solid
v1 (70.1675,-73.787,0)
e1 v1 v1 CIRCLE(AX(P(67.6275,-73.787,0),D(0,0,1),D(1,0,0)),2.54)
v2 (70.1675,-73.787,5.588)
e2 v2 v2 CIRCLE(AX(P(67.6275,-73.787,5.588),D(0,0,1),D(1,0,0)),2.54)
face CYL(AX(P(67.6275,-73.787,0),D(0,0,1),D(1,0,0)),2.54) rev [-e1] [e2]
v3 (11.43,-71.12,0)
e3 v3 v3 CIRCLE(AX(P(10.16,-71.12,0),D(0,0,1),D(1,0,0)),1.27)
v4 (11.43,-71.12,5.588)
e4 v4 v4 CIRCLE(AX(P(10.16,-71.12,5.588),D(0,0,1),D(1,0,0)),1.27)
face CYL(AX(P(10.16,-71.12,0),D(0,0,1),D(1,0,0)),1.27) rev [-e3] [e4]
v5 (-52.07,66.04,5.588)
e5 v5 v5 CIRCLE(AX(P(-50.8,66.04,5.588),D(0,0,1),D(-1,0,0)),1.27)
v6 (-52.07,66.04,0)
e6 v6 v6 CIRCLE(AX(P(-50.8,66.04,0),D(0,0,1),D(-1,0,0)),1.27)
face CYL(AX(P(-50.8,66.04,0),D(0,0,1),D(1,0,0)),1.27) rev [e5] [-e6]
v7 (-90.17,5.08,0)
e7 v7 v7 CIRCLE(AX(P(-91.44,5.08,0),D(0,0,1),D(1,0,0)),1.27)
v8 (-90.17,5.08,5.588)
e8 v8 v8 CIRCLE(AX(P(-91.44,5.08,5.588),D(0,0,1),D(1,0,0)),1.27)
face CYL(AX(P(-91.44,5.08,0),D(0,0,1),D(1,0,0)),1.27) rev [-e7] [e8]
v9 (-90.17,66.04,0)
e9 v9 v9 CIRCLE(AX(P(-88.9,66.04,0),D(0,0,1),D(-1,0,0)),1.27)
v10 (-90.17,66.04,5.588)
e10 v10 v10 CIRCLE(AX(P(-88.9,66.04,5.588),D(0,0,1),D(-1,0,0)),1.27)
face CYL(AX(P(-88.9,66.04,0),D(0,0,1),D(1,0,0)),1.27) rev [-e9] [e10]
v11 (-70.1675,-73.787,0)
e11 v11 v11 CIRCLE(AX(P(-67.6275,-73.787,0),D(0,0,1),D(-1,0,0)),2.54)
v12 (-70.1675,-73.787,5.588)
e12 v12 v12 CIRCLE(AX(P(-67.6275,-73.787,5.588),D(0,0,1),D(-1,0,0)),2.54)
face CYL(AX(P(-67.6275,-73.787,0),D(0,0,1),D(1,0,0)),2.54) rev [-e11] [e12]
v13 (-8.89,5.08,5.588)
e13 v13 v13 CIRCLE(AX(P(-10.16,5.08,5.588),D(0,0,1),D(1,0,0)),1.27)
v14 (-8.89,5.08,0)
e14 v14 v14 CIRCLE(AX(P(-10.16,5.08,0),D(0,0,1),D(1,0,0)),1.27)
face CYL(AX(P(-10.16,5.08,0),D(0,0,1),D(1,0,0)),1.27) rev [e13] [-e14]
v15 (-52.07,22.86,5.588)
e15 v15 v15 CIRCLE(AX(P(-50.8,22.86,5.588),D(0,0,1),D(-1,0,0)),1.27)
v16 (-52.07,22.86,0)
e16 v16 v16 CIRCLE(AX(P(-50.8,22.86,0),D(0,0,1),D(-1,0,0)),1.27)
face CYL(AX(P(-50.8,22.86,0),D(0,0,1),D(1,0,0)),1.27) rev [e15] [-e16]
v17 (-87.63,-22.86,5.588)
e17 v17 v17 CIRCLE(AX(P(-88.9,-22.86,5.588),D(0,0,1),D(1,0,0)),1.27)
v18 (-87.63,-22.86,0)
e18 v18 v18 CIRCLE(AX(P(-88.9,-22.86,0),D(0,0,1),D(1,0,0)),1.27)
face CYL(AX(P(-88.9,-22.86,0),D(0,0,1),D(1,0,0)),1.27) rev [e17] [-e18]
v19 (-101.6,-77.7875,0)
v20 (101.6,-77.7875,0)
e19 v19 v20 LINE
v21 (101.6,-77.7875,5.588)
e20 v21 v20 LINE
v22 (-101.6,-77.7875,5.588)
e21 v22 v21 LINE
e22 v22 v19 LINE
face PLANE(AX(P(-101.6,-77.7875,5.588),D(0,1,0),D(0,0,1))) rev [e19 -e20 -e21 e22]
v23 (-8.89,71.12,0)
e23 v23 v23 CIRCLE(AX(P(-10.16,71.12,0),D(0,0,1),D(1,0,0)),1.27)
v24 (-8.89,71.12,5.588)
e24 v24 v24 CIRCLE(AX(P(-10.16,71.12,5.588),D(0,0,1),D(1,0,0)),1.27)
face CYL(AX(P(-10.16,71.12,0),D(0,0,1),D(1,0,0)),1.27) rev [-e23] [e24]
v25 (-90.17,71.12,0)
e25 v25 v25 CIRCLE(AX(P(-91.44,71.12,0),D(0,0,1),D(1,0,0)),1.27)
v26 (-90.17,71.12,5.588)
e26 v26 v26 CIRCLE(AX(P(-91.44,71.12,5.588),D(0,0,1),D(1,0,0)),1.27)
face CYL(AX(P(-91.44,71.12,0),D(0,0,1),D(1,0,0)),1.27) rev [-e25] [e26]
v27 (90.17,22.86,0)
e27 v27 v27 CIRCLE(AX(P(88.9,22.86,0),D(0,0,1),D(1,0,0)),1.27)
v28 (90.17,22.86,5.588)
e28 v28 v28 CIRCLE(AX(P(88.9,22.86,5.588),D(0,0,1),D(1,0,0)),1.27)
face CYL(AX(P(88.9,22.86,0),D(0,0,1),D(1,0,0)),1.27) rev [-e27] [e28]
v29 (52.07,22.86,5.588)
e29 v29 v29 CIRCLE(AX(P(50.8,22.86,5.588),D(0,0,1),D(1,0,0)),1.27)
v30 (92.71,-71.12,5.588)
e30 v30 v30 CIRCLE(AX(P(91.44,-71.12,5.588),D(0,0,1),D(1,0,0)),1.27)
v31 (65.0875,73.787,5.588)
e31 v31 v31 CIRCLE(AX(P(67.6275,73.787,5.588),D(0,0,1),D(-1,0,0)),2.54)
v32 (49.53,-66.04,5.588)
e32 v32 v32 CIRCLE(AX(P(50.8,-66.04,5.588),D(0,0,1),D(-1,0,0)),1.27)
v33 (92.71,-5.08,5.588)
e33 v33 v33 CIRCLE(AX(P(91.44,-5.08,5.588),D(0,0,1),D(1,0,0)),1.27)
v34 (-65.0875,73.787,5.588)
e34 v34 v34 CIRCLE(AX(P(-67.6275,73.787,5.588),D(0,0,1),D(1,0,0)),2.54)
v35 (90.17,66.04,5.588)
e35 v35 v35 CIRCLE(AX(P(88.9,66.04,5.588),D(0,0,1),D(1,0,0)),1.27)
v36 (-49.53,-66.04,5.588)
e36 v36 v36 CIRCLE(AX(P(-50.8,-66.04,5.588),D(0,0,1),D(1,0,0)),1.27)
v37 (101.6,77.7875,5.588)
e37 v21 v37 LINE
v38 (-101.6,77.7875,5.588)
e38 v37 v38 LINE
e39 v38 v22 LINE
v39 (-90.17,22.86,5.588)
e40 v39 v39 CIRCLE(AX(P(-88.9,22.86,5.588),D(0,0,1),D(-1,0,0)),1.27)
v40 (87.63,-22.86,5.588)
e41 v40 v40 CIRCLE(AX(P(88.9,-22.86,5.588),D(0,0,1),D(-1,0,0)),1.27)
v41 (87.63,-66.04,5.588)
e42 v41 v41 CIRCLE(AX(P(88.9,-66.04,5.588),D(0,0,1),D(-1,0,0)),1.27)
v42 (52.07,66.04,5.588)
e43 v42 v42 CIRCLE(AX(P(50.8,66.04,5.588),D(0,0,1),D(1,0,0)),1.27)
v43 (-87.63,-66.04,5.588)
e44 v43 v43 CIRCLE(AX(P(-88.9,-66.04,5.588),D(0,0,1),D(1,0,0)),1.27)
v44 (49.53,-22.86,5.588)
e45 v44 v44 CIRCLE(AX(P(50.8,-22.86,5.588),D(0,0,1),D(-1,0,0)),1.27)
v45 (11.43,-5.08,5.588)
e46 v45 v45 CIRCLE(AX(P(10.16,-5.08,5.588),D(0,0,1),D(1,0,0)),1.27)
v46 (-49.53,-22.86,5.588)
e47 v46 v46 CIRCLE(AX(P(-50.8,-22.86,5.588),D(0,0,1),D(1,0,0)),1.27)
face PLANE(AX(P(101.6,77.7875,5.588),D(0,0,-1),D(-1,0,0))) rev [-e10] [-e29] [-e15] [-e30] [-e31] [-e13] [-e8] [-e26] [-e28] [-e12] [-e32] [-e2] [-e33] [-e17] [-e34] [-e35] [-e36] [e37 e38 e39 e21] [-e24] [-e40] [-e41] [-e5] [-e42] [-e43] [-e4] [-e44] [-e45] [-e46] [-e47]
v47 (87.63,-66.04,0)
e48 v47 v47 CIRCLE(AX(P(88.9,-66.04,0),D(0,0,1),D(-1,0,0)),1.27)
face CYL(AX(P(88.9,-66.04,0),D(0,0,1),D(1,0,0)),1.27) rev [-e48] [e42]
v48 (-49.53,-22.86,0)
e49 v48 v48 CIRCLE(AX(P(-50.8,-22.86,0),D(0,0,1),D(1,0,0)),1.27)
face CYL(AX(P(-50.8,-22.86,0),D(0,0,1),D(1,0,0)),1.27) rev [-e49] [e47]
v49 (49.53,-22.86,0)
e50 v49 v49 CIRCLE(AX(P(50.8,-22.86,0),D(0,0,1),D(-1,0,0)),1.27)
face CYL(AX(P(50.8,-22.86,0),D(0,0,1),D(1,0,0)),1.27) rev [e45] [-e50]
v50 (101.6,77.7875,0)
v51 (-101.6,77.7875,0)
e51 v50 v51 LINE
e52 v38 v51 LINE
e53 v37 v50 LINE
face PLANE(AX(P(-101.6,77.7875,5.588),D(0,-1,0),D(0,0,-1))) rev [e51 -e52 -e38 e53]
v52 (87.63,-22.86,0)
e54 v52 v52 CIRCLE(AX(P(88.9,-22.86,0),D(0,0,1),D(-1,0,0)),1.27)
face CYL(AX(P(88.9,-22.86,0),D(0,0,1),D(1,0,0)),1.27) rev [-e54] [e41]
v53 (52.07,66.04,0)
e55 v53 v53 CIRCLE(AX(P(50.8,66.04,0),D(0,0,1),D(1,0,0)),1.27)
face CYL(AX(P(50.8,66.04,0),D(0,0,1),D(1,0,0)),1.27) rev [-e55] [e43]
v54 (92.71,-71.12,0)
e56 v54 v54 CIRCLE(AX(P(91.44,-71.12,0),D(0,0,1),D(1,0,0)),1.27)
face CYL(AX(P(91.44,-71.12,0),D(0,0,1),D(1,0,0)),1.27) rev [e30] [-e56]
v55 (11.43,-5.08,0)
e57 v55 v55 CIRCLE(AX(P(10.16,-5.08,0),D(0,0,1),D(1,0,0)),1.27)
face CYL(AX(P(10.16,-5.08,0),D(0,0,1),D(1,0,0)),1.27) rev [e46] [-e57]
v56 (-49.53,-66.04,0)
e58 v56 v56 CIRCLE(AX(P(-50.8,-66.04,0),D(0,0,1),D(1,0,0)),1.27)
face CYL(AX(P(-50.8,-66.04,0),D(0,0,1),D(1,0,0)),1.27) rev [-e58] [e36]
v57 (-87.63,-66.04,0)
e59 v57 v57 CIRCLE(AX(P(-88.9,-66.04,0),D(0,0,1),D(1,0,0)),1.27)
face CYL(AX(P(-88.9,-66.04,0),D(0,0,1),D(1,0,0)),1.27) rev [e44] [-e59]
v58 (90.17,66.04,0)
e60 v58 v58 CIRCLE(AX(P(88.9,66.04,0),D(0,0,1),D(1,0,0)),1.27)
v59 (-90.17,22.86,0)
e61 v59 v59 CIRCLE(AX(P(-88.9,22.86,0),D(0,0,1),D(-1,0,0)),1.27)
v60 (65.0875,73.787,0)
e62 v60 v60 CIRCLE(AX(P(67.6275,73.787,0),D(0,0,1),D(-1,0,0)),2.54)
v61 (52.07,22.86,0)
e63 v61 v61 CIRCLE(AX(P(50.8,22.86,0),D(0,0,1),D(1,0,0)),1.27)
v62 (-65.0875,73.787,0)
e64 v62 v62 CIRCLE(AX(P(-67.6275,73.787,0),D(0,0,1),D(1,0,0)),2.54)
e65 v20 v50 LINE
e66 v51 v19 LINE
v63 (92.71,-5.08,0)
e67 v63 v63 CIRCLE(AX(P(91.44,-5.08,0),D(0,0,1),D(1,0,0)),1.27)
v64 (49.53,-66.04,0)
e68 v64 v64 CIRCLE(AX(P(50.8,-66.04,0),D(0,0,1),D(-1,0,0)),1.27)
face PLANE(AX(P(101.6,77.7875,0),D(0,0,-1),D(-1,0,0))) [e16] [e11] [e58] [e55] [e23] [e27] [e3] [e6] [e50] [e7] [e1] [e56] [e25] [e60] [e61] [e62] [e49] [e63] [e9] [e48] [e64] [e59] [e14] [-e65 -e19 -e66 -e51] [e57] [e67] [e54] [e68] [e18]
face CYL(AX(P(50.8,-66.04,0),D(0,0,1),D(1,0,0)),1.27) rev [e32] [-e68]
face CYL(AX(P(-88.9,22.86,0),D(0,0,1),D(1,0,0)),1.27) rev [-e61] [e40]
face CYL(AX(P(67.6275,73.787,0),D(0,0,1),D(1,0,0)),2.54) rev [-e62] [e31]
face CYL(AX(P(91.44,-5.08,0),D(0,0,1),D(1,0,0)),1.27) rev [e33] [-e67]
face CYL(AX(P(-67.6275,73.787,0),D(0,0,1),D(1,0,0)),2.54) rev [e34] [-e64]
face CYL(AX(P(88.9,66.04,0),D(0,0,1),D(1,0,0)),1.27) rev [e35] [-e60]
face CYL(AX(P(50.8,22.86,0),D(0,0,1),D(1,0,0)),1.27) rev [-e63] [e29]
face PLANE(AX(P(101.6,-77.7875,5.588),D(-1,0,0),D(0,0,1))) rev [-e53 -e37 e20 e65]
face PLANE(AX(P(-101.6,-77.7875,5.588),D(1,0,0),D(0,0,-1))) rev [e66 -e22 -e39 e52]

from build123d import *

# Parameters (mm, degrees)
SKETCH1_W             = 203.2
SKETCH1_H             = 155.575
BOSS_EXTRUDE1_DEPTH   = 5.588
SKETCH2_R             = 2.54
CUT_EXTRUDE1_DEPTH    = 129.08075929
SKETCH3_R             = 1.27
H_BRIDGE_MOUNTS_DEPTH = 129.08075929
SKETCH4_R             = 1.27
MOTO_MOUNTS_DEPTH     = 129.08075929


with BuildPart() as part:
    # Sketch1 → Boss-Extrude1 (new body)
    with BuildSketch(Plane.XY):
        Rectangle(SKETCH1_W, SKETCH1_H)
    extrude(amount=BOSS_EXTRUDE1_DEPTH)

    # Sketch2 → Cut-Extrude1 (cut, through all)
    with BuildSketch(Plane.XY.offset(5.588)):
        with Locations((-67.6275, 73.787)):
            Circle(SKETCH2_R)
        with Locations(Location((67.6275, 73.787, 0), (0, 0, 180))):
            Circle(SKETCH2_R)
        with Locations((67.6275, -73.787)):
            Circle(SKETCH2_R)
        with Locations(Location((-67.6275, -73.787, 0), (0, 0, 180))):
            Circle(SKETCH2_R)
    extrude(amount=-CUT_EXTRUDE1_DEPTH, mode=Mode.SUBTRACT)

    # Sketch3 → H-Bridge_Mounts (cut, through all)
    with BuildSketch(Plane.XY.offset(5.588)):
        with Locations((-91.44, 71.12)):
            Circle(SKETCH3_R)
        with Locations((-10.16, 71.12)):
            Circle(SKETCH3_R)
        with Locations((-10.16, 5.08)):
            Circle(SKETCH3_R)
        with Locations((-91.44, 5.08)):
            Circle(SKETCH3_R)
        with Locations((10.16, -5.08)):
            Circle(SKETCH3_R)
        with Locations((91.44, -71.12)):
            Circle(SKETCH3_R)
        with Locations((91.44, -5.08)):
            Circle(SKETCH3_R)
        with Locations((10.16, -71.12)):
            Circle(SKETCH3_R)
    extrude(amount=-H_BRIDGE_MOUNTS_DEPTH, mode=Mode.SUBTRACT)

    # Sketch4 → Moto_Mounts (cut, through all)
    with BuildSketch(Plane.XY.offset(5.588)):
        with Locations((50.8, 22.86)):
            Circle(SKETCH4_R)
        with Locations((50.8, 66.04)):
            Circle(SKETCH4_R)
        with Locations((88.9, 66.04)):
            Circle(SKETCH4_R)
        with Locations(Location((-88.9, 22.86, 0), (0, 0, 180))):
            Circle(SKETCH4_R)
        with Locations(Location((-88.9, 66.04, 0), (0, 0, 180))):
            Circle(SKETCH4_R)
        with Locations(Location((-50.8, 66.04, 0), (0, 0, 180))):
            Circle(SKETCH4_R)
        with Locations(Location((-50.8, 22.86, 0), (0, 0, 180))):
            Circle(SKETCH4_R)
        with Locations(Location((88.9, -22.86, 0), (0, 0, 180))):
            Circle(SKETCH4_R)
        with Locations((-50.8, -22.86)):
            Circle(SKETCH4_R)
        with Locations((-50.8, -66.04)):
            Circle(SKETCH4_R)
        with Locations((-88.9, -66.04)):
            Circle(SKETCH4_R)
        with Locations((-88.9, -22.86)):
            Circle(SKETCH4_R)
        with Locations((88.9, 22.86)):
            Circle(SKETCH4_R)
        with Locations(Location((88.9, -66.04, 0), (0, 0, 180))):
            Circle(SKETCH4_R)
        with Locations(Location((50.8, -66.04, 0), (0, 0, 180))):
            Circle(SKETCH4_R)
        with Locations(Location((50.8, -22.86, 0), (0, 0, 180))):
            Circle(SKETCH4_R)
    extrude(amount=-MOTO_MOUNTS_DEPTH, mode=Mode.SUBTRACT)


solid = part.part
